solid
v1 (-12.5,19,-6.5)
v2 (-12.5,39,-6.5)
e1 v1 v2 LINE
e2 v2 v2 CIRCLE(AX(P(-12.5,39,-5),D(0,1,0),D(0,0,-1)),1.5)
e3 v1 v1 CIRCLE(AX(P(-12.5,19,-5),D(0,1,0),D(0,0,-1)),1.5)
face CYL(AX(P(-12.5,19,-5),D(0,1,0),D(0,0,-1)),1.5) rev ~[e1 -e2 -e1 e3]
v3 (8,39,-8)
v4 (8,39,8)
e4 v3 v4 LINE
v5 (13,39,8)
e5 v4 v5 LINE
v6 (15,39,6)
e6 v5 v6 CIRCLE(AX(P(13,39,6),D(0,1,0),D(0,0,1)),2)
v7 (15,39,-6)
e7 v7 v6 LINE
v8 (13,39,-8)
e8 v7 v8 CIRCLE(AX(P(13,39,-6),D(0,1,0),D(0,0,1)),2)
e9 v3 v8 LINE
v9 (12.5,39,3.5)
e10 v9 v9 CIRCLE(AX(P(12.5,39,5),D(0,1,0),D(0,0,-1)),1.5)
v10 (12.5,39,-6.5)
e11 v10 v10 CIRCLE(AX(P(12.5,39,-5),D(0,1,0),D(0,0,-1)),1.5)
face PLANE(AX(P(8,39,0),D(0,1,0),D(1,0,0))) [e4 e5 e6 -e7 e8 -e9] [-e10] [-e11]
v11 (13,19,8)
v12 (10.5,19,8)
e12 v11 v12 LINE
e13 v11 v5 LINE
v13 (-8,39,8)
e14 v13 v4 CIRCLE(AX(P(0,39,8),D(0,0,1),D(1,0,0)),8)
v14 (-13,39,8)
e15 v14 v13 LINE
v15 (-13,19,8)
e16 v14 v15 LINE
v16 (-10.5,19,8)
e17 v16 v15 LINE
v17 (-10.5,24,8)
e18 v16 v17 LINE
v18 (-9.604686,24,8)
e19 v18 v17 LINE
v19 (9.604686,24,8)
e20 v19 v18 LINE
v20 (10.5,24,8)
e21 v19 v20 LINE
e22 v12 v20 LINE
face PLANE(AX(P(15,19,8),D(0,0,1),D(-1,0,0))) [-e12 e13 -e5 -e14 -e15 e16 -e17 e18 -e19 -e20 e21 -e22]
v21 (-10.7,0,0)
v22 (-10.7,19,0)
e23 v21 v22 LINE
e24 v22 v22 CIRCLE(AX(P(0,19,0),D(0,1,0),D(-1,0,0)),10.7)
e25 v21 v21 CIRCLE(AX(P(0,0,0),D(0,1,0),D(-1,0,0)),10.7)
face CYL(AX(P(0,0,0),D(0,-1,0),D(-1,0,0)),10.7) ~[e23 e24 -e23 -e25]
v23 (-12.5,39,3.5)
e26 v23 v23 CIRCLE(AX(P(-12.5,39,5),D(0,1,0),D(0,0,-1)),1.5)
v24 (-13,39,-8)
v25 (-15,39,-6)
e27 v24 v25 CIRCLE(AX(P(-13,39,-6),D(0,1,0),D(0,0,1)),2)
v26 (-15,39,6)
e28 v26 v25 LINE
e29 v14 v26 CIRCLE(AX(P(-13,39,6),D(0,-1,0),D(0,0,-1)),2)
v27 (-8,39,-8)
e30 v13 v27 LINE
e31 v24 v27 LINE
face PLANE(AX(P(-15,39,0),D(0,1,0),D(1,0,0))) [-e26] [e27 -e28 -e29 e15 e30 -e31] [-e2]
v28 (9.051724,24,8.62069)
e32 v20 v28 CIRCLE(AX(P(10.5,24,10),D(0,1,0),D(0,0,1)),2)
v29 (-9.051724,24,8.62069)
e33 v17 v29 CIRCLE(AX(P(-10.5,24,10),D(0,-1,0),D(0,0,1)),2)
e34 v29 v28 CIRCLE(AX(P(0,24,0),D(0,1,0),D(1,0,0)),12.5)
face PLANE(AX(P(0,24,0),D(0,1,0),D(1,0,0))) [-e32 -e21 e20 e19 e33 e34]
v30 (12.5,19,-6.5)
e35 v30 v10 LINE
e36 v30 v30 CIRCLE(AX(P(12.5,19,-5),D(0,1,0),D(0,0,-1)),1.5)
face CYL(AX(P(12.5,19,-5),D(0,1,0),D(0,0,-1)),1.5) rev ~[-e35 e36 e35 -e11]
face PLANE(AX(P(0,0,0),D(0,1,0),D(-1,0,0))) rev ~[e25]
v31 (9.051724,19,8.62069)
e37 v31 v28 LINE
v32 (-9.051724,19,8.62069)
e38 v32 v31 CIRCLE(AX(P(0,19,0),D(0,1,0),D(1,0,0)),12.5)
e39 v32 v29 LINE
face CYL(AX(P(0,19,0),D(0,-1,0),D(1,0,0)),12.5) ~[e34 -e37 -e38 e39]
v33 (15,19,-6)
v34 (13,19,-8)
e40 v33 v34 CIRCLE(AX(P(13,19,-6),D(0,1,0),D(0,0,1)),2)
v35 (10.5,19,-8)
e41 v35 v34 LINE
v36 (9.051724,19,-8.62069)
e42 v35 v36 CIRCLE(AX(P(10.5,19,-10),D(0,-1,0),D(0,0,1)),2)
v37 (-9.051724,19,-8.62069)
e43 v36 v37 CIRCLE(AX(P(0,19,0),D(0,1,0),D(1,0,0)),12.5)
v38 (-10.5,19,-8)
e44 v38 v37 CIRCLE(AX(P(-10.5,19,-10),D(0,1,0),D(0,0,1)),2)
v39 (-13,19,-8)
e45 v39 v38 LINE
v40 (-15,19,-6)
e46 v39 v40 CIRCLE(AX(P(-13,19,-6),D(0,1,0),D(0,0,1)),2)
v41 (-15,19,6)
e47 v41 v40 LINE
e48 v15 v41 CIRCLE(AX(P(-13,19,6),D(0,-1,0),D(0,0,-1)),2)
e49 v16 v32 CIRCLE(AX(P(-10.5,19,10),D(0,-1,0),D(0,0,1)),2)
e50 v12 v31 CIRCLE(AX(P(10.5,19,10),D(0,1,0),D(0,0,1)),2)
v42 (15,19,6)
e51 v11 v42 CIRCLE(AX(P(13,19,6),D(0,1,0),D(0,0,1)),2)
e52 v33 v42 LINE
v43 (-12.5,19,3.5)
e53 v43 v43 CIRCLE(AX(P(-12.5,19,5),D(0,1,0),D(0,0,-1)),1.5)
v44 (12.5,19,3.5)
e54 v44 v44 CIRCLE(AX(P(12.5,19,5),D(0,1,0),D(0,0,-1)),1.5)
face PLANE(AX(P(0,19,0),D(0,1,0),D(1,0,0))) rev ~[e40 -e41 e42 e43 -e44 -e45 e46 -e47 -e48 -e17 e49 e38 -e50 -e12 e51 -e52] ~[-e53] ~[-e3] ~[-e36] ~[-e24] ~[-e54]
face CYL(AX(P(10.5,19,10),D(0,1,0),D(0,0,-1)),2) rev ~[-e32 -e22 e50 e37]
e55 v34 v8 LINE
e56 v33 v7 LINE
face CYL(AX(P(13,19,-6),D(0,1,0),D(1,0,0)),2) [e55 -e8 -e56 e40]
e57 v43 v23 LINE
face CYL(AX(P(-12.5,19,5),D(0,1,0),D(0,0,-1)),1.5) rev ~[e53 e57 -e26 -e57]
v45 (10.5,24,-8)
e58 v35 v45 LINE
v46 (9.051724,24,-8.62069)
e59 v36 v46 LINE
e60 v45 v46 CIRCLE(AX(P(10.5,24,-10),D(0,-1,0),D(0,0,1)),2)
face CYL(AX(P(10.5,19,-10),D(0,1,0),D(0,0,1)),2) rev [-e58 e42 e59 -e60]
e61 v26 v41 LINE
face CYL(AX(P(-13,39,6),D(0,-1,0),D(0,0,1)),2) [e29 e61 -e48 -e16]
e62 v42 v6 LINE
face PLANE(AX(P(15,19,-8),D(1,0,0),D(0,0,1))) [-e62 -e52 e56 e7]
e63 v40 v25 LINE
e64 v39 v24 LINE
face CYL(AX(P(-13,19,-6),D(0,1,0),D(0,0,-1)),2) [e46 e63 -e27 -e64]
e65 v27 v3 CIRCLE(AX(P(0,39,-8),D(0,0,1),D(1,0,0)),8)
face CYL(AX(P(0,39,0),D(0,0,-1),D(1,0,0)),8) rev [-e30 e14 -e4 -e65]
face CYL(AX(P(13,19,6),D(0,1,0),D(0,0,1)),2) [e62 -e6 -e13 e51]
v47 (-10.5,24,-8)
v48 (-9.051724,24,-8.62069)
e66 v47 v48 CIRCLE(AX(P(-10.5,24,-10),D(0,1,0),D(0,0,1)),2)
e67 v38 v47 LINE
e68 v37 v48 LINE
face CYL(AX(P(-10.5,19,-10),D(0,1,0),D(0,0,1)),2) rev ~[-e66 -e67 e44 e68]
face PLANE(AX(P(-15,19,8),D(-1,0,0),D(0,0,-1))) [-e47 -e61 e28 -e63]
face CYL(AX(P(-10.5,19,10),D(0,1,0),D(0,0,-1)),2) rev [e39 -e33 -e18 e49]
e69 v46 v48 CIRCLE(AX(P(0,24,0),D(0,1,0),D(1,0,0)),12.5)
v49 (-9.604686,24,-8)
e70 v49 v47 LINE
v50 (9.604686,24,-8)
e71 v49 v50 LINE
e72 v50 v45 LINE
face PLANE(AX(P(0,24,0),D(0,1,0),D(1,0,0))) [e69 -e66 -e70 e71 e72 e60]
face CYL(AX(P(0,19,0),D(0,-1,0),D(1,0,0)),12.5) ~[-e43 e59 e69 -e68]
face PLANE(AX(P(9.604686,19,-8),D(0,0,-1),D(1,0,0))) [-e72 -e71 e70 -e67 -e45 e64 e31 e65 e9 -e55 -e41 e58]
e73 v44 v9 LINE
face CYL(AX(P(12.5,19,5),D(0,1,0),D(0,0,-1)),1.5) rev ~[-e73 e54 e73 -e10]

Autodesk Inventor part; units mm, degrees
ref_plane "YZ Plane" through (0, 0, 0) normal (1, 0, 0) x (0, 1, 0)
ref_plane "XZ Plane" through (0, 0, 0) normal (0, 1, 0) x (-1, 0, 0)
ref_plane "XY Plane" through (0, 0, 0) normal (0, 0, 1) x (1, 0, 0)
sketch "Sketch1" plane through (0, 0, 0) normal (0, 1, 0) x (-1, 0, 0)
  circle A0 centre (0, 0) radius 10.7
  dimension "d0" = 21.4
extrude "Extrusion1" add sketch "Sketch1" along normal blind 19
sketch "Sketch2" plane through (0, 19, 0) normal (0, 1, 0) x (1, 0, 0)
  circle A0 centre (0, 0) radius 12.5
  circle A1 centre (0, 0) radius 10.7 projected
  line L0 (-15, 8) -> (15, 8)
  line L1 (15, 8) -> (15, -8)
  line L2 (15, -8) -> (-15, -8)
  line L3 (-15, -8) -> (-15, 8)
  line L4 (0, 0) -> (1.899, 0)
  line L5 (0, 0) -> (0, 1.5989)
  point P0 (-12.5, 0)
  point P1 (9.6047, -8)
  point P2 (-9.6047, 8)
  point P3 (12.5, 0)
  point P4 (-9.6047, -8)
  point P5 (9.6047, 8)
  dimension "d9" = 25
  dimension "d10" = 21.4
  dimension "d14" = 30
  dimension "d15" = 16
extrude "Extrusion2" add sketch "Sketch2" along normal blind 5
sketch "Sketch3" plane through (0, 0, 0) normal (0, 0, 1) x (1, 0, 0)
  line L0 (10.7, 0) -> (-10.7, 0) projected
  line L1 (9.6047, 19) -> (15, 19) projected
  line L2 (15, 19) -> (15, 24) projected
  line L3 (-15, 24) -> (-9.6047, 24) projected
  line L4 (-15, 19) -> (-15, 24) projected
  circle A0 centre (0, 39) radius 15
  circle A1 centre (0, 39) radius 8
  line L5 (-15, 19) -> (-15, 24) projected
  line L6 (-15, 39) -> (-15, 24)
  line L7 (15, 39) -> (15, 24)
  line L8 (-15, 39) -> (15, 39)
  line L9 (9.6047, 24) -> (15, 24) projected
  line L10 (9.6047, 19) -> (9.6047, 24) projected
  line L11 (-15, 19) -> (-9.6047, 19) projected
  line L12 (-9.6047, 19) -> (-9.6047, 24) projected
  line L13 (-15, 24) -> (15, 24)
  point P0 (0, 0)
  point P1 (-8, 19)
  point P2 (8, 19)
  point P3 (10.7, 19)
  point P4 (-10.7, 19)
  point P5 (8, 39)
  point P6 (-8, 39)
  dimension "d16" = 30
  dimension "d17" = 30
  dimension "d18" = 16
extrude "Extrusion3" add sketch "Sketch3" along normal mid plane 16 contours L13 A0 L7 L9 | L13 L3 L6 A0 | A0 L8 A1 picked at (-12.5413, 37.8874)
sketch "Sketch4" plane through (0, 19, 0) normal (0, -1, 0) x (1, 0, 0)
  arc A0 (-9.6047, -8) -> (9.6047, -8) centre (0, 0) ccw projected
  line L0 (15, -8) -> (9.6047, -8) projected
  line L1 (15, 8) -> (15, -8) projected
  line L2 (9.6047, 8) -> (15, 8) projected
  arc A1 (9.6047, 8) -> (-9.6047, 8) centre (0, 0) ccw projected
  line L3 (-15, 8) -> (-9.6047, 8) projected
  line L4 (-15, -8) -> (-15, 8) projected
  line L5 (-9.6047, -8) -> (-15, -8) projected
  circle A2 centre (0, 0) radius 10.7 projected
  line L6 (12.5, 5) -> (-12.5, 5)
  line L7 (-12.5, 5) -> (-12.5, -5)
  line L8 (-12.5, -5) -> (12.5, -5)
  line L9 (12.5, -5) -> (12.5, 5)
  line L10 (0, 0) -> (0, 1.5128)
  line L11 (0, 0) -> (1.2888, 0)
  dimension "d19" = 10
  dimension "d20" = 25
hole "Hole1" at (12.5, 19, 5) at (12.5, 19, -5) at (-12.5, 19, -5) at (-12.5, 19, 5) direction (0, 1, 0) diameter 3 end through all
fillet "Fillet1" radius 2 8 edges at (-15, 29, 8) (15, 29, 8) (15, 29, -8) (-15, 29, -8) (9.6047, 21.5, 8) (-9.6047, 21.5, 8) (9.6047, 21.5, -8) (-9.6047, 21.5, -8)
equation "\"d17\" = d16"
properties part number "base1" material "PVC-Piping"
